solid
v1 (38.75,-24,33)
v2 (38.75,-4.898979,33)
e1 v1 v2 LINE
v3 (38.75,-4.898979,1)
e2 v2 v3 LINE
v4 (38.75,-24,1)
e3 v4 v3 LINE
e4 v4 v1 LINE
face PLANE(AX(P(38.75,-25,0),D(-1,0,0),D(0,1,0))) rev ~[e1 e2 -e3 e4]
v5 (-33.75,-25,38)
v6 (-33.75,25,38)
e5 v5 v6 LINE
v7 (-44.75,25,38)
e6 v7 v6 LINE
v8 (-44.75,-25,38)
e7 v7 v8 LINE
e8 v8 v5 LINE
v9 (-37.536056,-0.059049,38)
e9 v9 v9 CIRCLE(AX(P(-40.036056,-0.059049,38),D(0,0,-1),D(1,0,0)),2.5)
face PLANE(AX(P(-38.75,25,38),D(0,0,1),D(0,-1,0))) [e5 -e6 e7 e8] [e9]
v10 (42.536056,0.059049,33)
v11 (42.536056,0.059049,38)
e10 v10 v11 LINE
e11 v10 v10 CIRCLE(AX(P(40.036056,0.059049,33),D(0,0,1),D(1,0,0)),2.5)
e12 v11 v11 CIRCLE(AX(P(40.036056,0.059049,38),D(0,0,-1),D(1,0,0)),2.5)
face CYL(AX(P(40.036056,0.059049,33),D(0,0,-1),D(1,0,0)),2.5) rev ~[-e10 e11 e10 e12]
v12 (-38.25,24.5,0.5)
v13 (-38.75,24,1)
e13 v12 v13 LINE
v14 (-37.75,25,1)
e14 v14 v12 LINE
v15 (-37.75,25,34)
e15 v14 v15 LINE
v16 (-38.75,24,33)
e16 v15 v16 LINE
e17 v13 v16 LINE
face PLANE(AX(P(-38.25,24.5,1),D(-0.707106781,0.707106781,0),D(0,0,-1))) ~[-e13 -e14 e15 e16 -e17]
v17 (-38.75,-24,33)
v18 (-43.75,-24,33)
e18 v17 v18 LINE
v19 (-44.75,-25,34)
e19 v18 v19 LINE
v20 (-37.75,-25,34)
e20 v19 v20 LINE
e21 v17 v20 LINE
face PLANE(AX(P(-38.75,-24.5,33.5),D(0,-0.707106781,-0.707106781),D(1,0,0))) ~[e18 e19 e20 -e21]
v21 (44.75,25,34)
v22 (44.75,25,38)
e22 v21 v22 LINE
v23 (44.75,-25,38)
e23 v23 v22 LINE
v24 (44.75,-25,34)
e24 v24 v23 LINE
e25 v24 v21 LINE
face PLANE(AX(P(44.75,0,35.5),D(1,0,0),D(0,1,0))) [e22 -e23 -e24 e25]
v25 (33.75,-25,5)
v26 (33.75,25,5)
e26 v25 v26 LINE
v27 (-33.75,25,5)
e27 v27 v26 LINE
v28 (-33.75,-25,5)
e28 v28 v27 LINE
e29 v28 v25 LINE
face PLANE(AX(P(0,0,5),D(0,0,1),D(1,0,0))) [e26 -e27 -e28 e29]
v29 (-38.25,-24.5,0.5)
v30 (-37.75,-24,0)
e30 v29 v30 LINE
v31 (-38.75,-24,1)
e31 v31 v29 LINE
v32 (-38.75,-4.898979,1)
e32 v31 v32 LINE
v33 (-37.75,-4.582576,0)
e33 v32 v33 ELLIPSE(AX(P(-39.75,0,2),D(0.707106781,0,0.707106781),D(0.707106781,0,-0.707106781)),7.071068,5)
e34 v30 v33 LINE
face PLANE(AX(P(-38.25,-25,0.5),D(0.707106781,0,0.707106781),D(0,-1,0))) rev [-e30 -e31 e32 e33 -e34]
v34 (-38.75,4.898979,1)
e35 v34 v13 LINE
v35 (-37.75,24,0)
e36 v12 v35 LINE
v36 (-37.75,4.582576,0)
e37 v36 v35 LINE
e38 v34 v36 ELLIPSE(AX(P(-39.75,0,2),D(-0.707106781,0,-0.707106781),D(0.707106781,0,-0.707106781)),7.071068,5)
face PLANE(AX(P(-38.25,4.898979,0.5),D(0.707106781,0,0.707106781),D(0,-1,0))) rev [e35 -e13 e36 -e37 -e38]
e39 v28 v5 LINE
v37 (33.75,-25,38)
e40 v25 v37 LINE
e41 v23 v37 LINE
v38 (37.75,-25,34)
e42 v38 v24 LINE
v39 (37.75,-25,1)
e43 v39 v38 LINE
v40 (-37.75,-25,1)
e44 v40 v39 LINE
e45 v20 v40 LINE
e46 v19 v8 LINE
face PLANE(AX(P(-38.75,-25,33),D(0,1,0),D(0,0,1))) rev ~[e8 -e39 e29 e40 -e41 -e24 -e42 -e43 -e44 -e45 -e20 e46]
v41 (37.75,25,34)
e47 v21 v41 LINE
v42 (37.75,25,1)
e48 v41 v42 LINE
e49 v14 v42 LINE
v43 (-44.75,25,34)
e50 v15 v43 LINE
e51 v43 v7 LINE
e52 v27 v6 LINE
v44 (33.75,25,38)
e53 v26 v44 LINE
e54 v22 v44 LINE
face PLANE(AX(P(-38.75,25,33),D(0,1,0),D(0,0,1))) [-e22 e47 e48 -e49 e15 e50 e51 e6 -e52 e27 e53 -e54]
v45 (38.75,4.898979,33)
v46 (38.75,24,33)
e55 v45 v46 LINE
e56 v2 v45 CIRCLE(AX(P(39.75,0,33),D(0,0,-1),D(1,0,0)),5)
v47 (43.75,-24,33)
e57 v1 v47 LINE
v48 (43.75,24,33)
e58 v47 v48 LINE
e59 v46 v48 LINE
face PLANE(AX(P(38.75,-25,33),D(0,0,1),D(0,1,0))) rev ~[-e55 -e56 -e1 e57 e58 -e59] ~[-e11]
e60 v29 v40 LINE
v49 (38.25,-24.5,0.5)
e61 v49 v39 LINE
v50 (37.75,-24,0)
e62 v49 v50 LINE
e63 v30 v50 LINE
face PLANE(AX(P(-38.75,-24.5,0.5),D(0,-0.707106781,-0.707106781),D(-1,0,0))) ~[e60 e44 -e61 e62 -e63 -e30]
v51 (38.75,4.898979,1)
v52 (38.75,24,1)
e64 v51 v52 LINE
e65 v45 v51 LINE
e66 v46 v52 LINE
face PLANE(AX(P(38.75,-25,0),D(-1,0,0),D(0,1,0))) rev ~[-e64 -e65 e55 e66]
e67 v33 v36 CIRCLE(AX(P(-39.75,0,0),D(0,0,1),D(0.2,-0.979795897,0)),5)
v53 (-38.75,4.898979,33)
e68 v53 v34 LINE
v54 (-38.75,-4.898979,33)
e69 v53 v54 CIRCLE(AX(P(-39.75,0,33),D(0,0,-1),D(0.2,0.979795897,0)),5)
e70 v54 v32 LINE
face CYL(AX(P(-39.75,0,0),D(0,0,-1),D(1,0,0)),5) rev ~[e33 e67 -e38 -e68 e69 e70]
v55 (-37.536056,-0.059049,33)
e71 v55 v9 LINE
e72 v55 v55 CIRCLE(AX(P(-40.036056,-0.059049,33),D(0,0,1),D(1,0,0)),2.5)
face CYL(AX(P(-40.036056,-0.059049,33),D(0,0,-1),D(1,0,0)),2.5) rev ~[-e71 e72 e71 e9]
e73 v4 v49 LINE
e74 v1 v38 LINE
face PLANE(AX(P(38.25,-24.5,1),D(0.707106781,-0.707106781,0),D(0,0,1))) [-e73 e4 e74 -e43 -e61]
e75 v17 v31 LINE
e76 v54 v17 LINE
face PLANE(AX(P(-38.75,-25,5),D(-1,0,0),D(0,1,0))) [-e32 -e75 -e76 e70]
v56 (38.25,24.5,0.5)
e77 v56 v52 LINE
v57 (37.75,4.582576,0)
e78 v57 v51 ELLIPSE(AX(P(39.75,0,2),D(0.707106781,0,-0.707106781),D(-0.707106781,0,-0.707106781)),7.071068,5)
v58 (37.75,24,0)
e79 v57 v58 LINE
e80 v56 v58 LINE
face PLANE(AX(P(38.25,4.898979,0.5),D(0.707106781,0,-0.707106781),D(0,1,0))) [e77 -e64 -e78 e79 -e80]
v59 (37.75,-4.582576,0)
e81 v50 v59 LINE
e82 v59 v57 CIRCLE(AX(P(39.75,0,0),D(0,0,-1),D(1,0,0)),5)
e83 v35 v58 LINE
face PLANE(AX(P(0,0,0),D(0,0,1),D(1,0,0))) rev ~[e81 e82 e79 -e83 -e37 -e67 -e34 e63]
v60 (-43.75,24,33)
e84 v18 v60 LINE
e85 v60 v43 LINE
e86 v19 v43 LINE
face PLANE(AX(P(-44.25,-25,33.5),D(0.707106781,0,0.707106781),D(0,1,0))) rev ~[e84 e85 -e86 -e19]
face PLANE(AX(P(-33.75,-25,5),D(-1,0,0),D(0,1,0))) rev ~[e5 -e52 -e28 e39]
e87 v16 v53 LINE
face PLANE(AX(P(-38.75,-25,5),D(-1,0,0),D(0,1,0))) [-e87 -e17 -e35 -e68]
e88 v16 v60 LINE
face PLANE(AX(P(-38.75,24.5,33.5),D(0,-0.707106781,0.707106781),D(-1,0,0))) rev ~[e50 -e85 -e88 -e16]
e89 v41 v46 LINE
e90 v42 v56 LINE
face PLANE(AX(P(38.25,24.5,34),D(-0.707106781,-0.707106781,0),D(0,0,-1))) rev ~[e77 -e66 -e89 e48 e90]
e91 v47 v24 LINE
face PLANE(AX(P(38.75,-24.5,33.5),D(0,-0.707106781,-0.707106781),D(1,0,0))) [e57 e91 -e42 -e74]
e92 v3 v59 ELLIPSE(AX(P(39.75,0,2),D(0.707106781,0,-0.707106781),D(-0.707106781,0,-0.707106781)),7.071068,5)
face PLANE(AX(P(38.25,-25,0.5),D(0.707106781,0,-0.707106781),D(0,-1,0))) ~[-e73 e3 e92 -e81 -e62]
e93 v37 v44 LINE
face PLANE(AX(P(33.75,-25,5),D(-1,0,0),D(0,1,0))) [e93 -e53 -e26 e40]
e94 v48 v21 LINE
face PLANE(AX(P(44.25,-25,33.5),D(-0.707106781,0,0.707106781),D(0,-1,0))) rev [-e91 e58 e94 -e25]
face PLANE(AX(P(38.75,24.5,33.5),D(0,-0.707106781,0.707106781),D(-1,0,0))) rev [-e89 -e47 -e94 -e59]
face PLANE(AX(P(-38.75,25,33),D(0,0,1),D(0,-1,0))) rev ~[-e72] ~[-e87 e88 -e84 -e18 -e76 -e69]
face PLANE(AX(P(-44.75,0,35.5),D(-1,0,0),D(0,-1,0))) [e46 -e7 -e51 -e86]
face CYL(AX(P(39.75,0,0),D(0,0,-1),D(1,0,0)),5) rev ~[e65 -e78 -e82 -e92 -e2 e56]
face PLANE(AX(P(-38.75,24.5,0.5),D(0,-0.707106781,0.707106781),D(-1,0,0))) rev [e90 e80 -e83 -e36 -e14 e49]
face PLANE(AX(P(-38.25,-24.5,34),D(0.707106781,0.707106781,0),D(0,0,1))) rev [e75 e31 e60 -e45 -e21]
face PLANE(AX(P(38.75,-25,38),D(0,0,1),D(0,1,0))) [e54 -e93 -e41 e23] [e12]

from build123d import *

# Parameters (mm, degrees)
SKETCH_W        = 77.5
SKETCH_H        = 50
PAD_DEPTH       = 5
SKETCH001_W     = 5
SKETCH001_H     = 50
PAD001_DEPTH    = 33
SKETCH002_W     = 50
SKETCH002_H     = 5
PAD002_DEPTH    = 6
SKETCH003_W     = 50
SKETCH003_H     = 5
PAD003_DEPTH    = 6
SKETCH004_R     = 2.5
POCKET_DEPTH    = 5.001
SKETCH005_R     = 5
POCKET001_DEPTH = 33
CHAMFER_SIZE    = 1
CHAMFER001_SIZE = 1
CHAMFER002_SIZE = 1


with BuildPart() as part:
    # Sketch → Pad (new body)
    with BuildSketch(Plane.XY):
        Rectangle(SKETCH_W, SKETCH_H)
    extrude(amount=PAD_DEPTH)

    # Sketch001 (on Face6 of Pad) → Pad001 (join)
    with BuildSketch(Plane.XY.offset(5)):
        with Locations((-36.25, 0)):
            Rectangle(SKETCH001_W, SKETCH001_H)
        with Locations((36.25, 0)):
            Rectangle(SKETCH001_W, SKETCH001_H)
    extrude(amount=PAD001_DEPTH)

    # Sketch002 (on Face10 of Pad001) → Pad002 (join)
    with BuildSketch(Plane.YZ.offset(38.75)):
        with Locations((0, 35.5)):
            Rectangle(SKETCH002_W, SKETCH002_H)
    extrude(amount=PAD002_DEPTH)

    # Sketch003 (on Face9 of Pad002) → Pad003 (join)
    with BuildSketch(Plane(origin=(-38.75, 0, 0), x_dir=(0, -1, 0), z_dir=(-1, 0, 0))):
        with Locations((0, 35.5)):
            Rectangle(SKETCH003_W, SKETCH003_H)
    extrude(amount=PAD003_DEPTH)

    # Sketch004 (on Face19 of Pad003) → Pocket (cut, through all)
    with BuildSketch(Plane(origin=(0, 0, 33), x_dir=(1, 0, 0), z_dir=(0, 0, -1))):
        with Locations((40.036056, -0.059049)):
            Circle(SKETCH004_R)
        with Locations((-40.036056, 0.059049)):
            Circle(SKETCH004_R)
    extrude(amount=-POCKET_DEPTH, mode=Mode.SUBTRACT)

    # Sketch005 (on Face4 of Pocket) → Pocket001 (cut)
    with BuildSketch(Plane(origin=(0, 0, 0), x_dir=(1, 0, 0), z_dir=(0, 0, -1))):
        with Locations((39.75, 0)):
            Circle(SKETCH005_R)
        with Locations((-39.75, 0)):
            Circle(SKETCH005_R)
    extrude(amount=-POCKET001_DEPTH, mode=Mode.SUBTRACT)

    # Chamfer
    chamfer_edges = [part.edges().sort_by_distance(p)[0] for p in [
        (0, 25, 0),
        (0, -25, 0),
        (-38.75, 14.94949, 0),
        (-38.75, -14.94949, 0),
        (38.75, -14.94949, 0),
        (38.75, 14.94949, 0),
    ]]
    chamfer(chamfer_edges, length=CHAMFER_SIZE)

    # Chamfer001
    chamfer001_edges = [part.edges().sort_by_distance(p)[0] for p in [
        (-44.75, 12.5, 33),
        (-44.75, -12.5, 33),
        (44.75, -12.5, 33),
        (44.75, 12.5, 33),
        (-41.75, -25, 33),
        (-41.75, 25, 33),
        (41.75, 25, 33),
        (41.75, -25, 33),
    ]]
    chamfer(chamfer001_edges, length=CHAMFER001_SIZE)

    # Chamfer002
    chamfer002_edges = [part.edges().sort_by_distance(p)[0] for p in [
        (-38.75, 25, 19),
        (-38.75, -25, 19),
        (38.75, 25, 19),
        (38.75, -25, 19),
    ]]
    chamfer(chamfer002_edges, length=CHAMFER002_SIZE)


solid = part.part
